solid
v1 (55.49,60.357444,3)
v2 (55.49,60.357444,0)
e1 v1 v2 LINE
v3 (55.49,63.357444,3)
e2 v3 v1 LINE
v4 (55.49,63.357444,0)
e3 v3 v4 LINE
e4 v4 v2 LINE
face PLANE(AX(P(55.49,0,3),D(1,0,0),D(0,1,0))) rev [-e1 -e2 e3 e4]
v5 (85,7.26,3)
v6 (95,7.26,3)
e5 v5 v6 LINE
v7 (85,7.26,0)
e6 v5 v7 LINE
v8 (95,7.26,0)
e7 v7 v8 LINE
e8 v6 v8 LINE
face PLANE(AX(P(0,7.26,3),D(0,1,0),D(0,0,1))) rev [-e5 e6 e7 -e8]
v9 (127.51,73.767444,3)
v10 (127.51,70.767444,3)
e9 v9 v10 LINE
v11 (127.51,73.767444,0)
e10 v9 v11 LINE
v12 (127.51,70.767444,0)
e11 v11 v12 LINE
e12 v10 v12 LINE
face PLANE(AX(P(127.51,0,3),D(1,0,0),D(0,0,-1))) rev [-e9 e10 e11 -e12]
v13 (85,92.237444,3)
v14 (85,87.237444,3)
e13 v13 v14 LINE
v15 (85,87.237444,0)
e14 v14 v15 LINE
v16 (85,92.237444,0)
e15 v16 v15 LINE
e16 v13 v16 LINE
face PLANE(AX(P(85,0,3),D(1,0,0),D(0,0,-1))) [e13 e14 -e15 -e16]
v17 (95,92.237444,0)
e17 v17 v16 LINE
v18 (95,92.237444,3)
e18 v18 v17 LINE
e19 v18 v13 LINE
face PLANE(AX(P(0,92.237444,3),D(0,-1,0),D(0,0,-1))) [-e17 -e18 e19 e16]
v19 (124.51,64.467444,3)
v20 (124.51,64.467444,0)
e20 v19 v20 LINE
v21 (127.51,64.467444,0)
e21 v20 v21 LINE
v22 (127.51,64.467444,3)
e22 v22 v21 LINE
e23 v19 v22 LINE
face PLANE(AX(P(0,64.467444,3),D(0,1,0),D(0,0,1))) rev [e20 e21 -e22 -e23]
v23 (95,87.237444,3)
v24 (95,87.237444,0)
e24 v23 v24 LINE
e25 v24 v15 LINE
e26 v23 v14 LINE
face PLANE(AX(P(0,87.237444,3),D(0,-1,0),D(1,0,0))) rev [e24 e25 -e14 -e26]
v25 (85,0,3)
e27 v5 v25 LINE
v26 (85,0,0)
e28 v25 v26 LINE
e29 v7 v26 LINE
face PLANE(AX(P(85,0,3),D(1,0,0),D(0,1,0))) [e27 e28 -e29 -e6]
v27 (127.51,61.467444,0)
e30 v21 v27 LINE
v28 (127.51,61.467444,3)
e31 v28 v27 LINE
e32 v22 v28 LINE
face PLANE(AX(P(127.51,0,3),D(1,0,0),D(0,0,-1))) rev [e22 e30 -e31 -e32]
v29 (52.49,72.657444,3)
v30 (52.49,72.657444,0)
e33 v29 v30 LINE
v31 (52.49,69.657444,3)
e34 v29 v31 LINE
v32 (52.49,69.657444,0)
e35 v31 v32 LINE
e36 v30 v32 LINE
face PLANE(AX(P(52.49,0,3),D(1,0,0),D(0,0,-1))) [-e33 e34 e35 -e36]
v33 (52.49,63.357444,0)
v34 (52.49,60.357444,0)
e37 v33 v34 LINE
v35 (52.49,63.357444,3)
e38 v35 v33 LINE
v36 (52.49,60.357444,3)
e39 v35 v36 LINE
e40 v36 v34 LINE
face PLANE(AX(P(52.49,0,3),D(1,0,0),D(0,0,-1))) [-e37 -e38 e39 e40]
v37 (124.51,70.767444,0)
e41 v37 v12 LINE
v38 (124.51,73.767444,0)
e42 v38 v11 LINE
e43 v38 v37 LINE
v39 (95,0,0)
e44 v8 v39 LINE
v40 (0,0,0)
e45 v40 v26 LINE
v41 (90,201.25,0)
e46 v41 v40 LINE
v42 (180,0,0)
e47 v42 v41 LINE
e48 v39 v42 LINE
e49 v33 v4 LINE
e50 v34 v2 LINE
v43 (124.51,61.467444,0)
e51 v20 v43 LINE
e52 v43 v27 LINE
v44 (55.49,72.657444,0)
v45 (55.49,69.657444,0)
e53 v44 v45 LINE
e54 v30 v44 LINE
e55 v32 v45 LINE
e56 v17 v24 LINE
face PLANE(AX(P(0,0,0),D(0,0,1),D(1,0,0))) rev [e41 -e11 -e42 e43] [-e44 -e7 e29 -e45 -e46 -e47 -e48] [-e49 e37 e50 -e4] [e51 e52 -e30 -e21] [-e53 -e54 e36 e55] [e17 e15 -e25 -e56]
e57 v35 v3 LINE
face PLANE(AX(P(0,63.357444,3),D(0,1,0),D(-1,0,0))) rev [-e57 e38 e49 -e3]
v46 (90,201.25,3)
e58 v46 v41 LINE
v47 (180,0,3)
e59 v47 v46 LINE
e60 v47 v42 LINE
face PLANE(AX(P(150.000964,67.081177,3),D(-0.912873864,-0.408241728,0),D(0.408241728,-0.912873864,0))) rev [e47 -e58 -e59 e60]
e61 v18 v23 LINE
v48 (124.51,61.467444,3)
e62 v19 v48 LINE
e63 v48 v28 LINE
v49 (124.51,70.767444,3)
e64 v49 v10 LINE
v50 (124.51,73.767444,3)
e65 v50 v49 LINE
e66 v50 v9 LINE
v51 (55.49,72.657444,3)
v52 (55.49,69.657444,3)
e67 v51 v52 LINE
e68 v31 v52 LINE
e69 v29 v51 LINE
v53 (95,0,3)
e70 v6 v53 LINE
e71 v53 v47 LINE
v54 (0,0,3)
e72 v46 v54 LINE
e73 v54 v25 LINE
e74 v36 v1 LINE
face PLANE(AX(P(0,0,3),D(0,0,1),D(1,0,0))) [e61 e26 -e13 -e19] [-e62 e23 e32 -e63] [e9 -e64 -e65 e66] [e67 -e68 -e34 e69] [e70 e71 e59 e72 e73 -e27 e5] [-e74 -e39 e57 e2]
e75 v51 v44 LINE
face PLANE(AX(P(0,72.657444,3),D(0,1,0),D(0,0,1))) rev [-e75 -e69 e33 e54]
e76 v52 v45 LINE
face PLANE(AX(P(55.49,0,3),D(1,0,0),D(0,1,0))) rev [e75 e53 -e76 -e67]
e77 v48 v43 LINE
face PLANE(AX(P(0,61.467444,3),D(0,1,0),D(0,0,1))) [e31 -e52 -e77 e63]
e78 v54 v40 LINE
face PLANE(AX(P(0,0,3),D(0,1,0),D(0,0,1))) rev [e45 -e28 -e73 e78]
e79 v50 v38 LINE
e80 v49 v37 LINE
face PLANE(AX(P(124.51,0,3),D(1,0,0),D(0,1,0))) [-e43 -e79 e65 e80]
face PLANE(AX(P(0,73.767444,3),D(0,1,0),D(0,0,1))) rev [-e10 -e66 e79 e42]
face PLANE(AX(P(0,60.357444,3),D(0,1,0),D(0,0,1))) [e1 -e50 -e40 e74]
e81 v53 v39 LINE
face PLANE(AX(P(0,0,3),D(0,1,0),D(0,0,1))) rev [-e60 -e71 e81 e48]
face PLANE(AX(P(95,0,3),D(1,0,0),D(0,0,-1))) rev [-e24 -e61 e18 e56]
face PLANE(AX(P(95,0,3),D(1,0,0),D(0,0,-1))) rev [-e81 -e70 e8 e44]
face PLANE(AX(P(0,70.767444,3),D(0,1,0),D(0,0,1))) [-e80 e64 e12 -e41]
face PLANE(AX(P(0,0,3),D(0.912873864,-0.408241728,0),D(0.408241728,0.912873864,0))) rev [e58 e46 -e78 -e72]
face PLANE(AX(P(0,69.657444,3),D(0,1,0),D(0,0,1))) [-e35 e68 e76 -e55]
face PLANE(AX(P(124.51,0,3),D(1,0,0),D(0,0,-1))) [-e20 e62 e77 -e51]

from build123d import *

# Parameters (mm, degrees)
SKETCH1_W           = 3
SKETCH1_H           = 3
SKETCH1_W_2         = 10
SKETCH1_H_2         = 5
BOSS_EXTRUDE4_DEPTH = 3


with BuildPart() as part:
    # Sketch1 → Boss-Extrude4 (new body)
    with BuildSketch(Plane.XY):
        Polygon((90, 201.25), (0, 0), (85, 0), (85, 7.26), (95, 7.26), (95, 0), (180, 0), align=None)
        with Locations((53.99, 61.857444444)):
            Rectangle(SKETCH1_W, SKETCH1_H, mode=Mode.SUBTRACT)
        with Locations((53.99, 71.157444444)):
            Rectangle(SKETCH1_W, SKETCH1_H, mode=Mode.SUBTRACT)
        with Locations((90, 89.737444444)):
            Rectangle(SKETCH1_W_2, SKETCH1_H_2, mode=Mode.SUBTRACT)
        with Locations((126.01, 62.967444444)):
            Rectangle(SKETCH1_W, SKETCH1_H, mode=Mode.SUBTRACT)
        with Locations((126.01, 72.267444444)):
            Rectangle(SKETCH1_W, SKETCH1_H, mode=Mode.SUBTRACT)
    extrude(amount=BOSS_EXTRUDE4_DEPTH)


solid = part.part
